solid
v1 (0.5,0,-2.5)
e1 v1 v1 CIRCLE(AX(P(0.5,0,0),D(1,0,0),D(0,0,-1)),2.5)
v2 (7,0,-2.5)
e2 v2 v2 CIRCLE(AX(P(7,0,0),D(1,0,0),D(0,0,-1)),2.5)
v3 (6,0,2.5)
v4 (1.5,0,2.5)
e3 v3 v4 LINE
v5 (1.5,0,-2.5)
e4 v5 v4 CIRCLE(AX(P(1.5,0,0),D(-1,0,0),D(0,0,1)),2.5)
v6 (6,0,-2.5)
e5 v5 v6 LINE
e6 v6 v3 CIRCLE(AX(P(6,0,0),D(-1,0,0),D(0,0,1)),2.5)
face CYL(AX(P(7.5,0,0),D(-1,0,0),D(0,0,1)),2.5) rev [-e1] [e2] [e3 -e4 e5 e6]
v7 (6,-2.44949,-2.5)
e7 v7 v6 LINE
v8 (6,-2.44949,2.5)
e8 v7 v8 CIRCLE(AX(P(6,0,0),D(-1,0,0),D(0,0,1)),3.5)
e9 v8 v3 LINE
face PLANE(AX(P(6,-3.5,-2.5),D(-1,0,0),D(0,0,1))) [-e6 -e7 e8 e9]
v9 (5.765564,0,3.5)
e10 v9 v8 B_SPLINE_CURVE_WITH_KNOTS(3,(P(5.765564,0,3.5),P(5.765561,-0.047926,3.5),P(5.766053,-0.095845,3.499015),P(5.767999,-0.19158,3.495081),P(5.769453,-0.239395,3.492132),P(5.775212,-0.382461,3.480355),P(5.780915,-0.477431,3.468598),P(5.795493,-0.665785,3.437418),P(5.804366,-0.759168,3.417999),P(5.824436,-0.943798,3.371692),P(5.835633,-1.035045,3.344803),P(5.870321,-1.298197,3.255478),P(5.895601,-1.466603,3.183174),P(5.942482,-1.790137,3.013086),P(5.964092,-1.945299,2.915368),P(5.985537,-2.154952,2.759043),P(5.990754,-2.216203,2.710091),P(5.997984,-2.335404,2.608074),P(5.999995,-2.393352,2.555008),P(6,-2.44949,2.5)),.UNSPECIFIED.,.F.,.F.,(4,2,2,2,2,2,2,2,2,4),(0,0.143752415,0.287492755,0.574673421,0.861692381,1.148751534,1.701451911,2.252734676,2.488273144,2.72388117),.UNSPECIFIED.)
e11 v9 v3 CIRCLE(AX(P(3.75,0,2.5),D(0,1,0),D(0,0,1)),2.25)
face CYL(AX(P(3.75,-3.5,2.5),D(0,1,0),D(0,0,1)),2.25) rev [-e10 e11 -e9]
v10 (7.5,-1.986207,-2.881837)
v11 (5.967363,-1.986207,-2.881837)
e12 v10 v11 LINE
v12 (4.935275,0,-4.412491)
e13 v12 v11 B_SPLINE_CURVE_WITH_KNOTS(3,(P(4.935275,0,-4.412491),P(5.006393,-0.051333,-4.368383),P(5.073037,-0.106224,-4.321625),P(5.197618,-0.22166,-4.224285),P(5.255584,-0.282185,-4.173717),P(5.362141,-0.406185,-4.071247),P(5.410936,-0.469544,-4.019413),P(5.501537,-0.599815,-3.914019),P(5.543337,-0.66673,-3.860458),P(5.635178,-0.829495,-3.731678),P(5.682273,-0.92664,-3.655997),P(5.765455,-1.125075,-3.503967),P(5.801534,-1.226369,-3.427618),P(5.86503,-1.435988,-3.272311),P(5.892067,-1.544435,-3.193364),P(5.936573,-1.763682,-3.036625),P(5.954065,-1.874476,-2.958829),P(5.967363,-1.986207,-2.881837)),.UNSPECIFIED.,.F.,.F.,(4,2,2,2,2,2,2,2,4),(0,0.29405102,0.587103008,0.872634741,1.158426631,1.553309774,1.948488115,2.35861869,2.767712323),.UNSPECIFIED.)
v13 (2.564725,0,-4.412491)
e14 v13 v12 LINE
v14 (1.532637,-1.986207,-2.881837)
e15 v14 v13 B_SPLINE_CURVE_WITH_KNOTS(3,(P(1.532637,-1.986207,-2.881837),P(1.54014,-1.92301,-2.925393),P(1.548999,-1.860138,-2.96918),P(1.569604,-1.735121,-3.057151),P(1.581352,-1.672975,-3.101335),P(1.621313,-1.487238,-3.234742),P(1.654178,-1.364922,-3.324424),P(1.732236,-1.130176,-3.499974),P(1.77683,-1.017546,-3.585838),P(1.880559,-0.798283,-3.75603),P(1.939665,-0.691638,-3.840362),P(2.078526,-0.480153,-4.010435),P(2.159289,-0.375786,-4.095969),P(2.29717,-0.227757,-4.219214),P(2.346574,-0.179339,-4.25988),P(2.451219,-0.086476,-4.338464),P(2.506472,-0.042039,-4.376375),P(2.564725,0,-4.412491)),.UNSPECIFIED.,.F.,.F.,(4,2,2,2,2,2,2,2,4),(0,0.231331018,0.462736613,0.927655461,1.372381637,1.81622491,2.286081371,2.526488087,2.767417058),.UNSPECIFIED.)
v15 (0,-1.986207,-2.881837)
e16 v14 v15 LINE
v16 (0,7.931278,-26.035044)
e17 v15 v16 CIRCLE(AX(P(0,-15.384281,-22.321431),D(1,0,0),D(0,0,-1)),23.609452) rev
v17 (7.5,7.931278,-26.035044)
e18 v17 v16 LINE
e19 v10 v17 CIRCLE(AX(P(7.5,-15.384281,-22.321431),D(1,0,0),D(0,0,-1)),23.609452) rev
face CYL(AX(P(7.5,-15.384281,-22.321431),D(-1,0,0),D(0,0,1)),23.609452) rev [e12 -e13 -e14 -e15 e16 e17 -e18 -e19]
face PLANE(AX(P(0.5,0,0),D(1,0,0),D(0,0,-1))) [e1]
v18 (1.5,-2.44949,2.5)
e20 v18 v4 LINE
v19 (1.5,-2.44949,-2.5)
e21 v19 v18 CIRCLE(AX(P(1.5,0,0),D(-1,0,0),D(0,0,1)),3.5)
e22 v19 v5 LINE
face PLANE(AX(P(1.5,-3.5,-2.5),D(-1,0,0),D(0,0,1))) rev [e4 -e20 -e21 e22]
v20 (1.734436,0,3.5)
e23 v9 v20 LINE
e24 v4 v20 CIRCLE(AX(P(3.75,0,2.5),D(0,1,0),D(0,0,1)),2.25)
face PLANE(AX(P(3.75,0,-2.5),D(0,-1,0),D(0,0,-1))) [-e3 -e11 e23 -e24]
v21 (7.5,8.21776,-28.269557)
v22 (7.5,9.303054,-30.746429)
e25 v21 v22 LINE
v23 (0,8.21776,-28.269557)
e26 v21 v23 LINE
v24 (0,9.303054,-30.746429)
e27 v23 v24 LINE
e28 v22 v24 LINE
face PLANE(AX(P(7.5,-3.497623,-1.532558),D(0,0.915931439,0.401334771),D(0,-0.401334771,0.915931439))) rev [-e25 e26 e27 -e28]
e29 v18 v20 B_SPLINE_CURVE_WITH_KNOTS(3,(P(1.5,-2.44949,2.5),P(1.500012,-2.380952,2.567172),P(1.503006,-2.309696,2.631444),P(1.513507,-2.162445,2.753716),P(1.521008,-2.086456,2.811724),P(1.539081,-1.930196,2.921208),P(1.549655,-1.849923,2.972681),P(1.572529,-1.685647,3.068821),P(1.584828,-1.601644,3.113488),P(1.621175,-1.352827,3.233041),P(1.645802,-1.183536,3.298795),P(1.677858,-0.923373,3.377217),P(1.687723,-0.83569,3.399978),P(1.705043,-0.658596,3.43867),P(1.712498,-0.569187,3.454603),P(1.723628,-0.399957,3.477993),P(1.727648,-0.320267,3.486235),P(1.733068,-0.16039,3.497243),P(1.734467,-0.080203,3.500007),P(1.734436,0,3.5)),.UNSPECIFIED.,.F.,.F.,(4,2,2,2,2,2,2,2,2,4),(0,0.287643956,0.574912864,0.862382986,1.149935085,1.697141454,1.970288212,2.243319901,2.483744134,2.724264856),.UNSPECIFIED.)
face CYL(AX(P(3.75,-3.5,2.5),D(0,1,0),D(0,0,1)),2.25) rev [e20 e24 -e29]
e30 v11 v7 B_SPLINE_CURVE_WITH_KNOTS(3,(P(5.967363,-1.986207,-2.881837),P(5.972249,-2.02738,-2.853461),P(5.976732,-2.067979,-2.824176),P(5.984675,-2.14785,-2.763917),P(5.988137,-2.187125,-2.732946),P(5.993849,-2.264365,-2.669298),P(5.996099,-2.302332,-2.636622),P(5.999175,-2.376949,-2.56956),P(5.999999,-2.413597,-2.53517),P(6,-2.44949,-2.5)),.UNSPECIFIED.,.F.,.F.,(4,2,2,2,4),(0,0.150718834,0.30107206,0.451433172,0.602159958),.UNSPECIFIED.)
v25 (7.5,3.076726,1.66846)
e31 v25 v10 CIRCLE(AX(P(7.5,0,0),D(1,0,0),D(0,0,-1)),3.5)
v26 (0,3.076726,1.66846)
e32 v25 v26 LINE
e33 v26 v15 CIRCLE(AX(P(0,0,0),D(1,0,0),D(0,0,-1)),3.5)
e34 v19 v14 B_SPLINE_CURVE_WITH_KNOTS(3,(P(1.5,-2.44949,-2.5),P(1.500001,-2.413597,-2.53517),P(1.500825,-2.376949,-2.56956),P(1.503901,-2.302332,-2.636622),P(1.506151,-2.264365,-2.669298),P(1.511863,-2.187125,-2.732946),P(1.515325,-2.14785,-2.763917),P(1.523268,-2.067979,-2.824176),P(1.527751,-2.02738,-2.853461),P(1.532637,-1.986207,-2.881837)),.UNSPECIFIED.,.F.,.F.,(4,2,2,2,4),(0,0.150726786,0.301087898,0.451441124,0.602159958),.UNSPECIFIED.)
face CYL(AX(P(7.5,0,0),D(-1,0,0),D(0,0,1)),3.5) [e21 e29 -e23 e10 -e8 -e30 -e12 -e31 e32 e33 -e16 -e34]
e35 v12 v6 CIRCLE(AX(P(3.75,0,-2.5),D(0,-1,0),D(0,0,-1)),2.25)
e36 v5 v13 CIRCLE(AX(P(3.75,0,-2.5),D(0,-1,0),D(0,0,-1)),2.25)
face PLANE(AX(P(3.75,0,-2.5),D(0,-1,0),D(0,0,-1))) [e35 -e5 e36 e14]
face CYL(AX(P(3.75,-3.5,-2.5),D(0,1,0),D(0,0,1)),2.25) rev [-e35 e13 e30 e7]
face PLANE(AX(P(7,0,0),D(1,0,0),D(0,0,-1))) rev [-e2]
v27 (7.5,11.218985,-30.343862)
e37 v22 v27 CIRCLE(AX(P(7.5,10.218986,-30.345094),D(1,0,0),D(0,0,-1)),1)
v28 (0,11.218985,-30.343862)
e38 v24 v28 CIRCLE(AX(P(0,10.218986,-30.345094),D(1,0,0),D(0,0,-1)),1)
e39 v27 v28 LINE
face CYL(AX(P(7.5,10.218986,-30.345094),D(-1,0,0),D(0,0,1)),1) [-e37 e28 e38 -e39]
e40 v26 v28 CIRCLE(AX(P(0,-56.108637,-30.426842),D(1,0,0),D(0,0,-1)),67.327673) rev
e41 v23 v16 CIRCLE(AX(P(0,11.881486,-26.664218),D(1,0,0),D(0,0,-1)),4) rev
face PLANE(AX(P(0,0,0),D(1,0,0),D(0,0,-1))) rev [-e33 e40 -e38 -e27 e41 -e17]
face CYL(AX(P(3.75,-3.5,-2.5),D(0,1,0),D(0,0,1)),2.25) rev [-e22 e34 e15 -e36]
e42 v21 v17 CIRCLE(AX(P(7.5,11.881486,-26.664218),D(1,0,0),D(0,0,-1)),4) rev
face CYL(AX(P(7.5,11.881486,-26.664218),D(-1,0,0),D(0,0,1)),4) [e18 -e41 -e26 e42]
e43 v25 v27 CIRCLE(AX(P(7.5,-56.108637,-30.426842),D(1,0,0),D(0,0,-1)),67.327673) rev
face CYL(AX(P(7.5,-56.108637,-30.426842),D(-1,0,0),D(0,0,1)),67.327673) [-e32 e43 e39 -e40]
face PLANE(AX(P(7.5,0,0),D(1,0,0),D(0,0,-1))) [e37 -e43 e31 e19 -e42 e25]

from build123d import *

# Parameters (mm, degrees)
SKETCH4_R           = 2.5
BOSS_EXTRUDE2_DEPTH = 7.5
CUT_EXTRUDE1_DEPTH  = 35.126684354
SKETCH4_4_R         = 2.5
BOSS_EXTRUDE4_DEPTH = 0.5
BOSS_EXTRUDE5_START = 7
SKETCH4_5_R         = 2.5
BOSS_EXTRUDE5_DEPTH = 0.5


with BuildPart() as part:
    # Sketch4 → Boss-Extrude2 (new body)
    with BuildSketch(Plane(origin=(0, 0, 0), x_dir=(0, 0, -1), z_dir=(1, 0, 0))):
        with BuildLine():
            Line((28.269557121, 8.217760269), (30.746429201, 9.303054261))
            ThreePointArc((30.746429201, 9.303054261), (31.323725134, 10.424611444), (30.343861951, 11.218984941))
            ThreePointArc((30.343861951, 11.218984941), (13.830620655, 9.141504786), (-1.66846042, 3.076725504))
            ThreePointArc((-1.66846042, 3.076725504), (-2.603150363, -2.33957436), (2.881836513, -1.986207016))
            ThreePointArc((2.881836513, -1.986207016), (13.025423778, 6.31803392), (26.035044154, 7.931278408))
            ThreePointArc((26.035044154, 7.931278408), (27.172885501, 7.913960675), (28.269557121, 8.217760269))
        make_face()
        Circle(SKETCH4_R, mode=Mode.SUBTRACT)
    extrude(amount=BOSS_EXTRUDE2_DEPTH)

    # Sketch5 → Cut-Extrude1 (cut, through all)
    with BuildSketch(Plane(origin=(0, 0, 0), x_dir=(1, 0, 0), z_dir=(0, 1, 0))):
        with BuildLine():
            Line((1.5, 2.5), (1.5, -2.5))
            ThreePointArc((1.5, -2.5), (3.75, -4.75), (6, -2.5))
            Line((6, -2.5), (6, 2.5))
            ThreePointArc((6, 2.5), (3.75, 4.75), (1.5, 2.5))
        make_face()
    extrude(amount=-CUT_EXTRUDE1_DEPTH, mode=Mode.SUBTRACT)

    # Sketch4<4> → Boss-Extrude4 (add)
    with BuildSketch(Plane(origin=(0, 0, 0), x_dir=(0, 0, -1), z_dir=(1, 0, 0))):
        Circle(SKETCH4_4_R)
    extrude(amount=BOSS_EXTRUDE4_DEPTH)

    # Sketch4<5> → Boss-Extrude5 (add)
    with BuildSketch(Plane(origin=(0, 0, 0), x_dir=(0, 0, -1), z_dir=(1, 0, 0)).offset(BOSS_EXTRUDE5_START)):
        Circle(SKETCH4_5_R)
    extrude(amount=BOSS_EXTRUDE5_DEPTH)


solid = part.part
